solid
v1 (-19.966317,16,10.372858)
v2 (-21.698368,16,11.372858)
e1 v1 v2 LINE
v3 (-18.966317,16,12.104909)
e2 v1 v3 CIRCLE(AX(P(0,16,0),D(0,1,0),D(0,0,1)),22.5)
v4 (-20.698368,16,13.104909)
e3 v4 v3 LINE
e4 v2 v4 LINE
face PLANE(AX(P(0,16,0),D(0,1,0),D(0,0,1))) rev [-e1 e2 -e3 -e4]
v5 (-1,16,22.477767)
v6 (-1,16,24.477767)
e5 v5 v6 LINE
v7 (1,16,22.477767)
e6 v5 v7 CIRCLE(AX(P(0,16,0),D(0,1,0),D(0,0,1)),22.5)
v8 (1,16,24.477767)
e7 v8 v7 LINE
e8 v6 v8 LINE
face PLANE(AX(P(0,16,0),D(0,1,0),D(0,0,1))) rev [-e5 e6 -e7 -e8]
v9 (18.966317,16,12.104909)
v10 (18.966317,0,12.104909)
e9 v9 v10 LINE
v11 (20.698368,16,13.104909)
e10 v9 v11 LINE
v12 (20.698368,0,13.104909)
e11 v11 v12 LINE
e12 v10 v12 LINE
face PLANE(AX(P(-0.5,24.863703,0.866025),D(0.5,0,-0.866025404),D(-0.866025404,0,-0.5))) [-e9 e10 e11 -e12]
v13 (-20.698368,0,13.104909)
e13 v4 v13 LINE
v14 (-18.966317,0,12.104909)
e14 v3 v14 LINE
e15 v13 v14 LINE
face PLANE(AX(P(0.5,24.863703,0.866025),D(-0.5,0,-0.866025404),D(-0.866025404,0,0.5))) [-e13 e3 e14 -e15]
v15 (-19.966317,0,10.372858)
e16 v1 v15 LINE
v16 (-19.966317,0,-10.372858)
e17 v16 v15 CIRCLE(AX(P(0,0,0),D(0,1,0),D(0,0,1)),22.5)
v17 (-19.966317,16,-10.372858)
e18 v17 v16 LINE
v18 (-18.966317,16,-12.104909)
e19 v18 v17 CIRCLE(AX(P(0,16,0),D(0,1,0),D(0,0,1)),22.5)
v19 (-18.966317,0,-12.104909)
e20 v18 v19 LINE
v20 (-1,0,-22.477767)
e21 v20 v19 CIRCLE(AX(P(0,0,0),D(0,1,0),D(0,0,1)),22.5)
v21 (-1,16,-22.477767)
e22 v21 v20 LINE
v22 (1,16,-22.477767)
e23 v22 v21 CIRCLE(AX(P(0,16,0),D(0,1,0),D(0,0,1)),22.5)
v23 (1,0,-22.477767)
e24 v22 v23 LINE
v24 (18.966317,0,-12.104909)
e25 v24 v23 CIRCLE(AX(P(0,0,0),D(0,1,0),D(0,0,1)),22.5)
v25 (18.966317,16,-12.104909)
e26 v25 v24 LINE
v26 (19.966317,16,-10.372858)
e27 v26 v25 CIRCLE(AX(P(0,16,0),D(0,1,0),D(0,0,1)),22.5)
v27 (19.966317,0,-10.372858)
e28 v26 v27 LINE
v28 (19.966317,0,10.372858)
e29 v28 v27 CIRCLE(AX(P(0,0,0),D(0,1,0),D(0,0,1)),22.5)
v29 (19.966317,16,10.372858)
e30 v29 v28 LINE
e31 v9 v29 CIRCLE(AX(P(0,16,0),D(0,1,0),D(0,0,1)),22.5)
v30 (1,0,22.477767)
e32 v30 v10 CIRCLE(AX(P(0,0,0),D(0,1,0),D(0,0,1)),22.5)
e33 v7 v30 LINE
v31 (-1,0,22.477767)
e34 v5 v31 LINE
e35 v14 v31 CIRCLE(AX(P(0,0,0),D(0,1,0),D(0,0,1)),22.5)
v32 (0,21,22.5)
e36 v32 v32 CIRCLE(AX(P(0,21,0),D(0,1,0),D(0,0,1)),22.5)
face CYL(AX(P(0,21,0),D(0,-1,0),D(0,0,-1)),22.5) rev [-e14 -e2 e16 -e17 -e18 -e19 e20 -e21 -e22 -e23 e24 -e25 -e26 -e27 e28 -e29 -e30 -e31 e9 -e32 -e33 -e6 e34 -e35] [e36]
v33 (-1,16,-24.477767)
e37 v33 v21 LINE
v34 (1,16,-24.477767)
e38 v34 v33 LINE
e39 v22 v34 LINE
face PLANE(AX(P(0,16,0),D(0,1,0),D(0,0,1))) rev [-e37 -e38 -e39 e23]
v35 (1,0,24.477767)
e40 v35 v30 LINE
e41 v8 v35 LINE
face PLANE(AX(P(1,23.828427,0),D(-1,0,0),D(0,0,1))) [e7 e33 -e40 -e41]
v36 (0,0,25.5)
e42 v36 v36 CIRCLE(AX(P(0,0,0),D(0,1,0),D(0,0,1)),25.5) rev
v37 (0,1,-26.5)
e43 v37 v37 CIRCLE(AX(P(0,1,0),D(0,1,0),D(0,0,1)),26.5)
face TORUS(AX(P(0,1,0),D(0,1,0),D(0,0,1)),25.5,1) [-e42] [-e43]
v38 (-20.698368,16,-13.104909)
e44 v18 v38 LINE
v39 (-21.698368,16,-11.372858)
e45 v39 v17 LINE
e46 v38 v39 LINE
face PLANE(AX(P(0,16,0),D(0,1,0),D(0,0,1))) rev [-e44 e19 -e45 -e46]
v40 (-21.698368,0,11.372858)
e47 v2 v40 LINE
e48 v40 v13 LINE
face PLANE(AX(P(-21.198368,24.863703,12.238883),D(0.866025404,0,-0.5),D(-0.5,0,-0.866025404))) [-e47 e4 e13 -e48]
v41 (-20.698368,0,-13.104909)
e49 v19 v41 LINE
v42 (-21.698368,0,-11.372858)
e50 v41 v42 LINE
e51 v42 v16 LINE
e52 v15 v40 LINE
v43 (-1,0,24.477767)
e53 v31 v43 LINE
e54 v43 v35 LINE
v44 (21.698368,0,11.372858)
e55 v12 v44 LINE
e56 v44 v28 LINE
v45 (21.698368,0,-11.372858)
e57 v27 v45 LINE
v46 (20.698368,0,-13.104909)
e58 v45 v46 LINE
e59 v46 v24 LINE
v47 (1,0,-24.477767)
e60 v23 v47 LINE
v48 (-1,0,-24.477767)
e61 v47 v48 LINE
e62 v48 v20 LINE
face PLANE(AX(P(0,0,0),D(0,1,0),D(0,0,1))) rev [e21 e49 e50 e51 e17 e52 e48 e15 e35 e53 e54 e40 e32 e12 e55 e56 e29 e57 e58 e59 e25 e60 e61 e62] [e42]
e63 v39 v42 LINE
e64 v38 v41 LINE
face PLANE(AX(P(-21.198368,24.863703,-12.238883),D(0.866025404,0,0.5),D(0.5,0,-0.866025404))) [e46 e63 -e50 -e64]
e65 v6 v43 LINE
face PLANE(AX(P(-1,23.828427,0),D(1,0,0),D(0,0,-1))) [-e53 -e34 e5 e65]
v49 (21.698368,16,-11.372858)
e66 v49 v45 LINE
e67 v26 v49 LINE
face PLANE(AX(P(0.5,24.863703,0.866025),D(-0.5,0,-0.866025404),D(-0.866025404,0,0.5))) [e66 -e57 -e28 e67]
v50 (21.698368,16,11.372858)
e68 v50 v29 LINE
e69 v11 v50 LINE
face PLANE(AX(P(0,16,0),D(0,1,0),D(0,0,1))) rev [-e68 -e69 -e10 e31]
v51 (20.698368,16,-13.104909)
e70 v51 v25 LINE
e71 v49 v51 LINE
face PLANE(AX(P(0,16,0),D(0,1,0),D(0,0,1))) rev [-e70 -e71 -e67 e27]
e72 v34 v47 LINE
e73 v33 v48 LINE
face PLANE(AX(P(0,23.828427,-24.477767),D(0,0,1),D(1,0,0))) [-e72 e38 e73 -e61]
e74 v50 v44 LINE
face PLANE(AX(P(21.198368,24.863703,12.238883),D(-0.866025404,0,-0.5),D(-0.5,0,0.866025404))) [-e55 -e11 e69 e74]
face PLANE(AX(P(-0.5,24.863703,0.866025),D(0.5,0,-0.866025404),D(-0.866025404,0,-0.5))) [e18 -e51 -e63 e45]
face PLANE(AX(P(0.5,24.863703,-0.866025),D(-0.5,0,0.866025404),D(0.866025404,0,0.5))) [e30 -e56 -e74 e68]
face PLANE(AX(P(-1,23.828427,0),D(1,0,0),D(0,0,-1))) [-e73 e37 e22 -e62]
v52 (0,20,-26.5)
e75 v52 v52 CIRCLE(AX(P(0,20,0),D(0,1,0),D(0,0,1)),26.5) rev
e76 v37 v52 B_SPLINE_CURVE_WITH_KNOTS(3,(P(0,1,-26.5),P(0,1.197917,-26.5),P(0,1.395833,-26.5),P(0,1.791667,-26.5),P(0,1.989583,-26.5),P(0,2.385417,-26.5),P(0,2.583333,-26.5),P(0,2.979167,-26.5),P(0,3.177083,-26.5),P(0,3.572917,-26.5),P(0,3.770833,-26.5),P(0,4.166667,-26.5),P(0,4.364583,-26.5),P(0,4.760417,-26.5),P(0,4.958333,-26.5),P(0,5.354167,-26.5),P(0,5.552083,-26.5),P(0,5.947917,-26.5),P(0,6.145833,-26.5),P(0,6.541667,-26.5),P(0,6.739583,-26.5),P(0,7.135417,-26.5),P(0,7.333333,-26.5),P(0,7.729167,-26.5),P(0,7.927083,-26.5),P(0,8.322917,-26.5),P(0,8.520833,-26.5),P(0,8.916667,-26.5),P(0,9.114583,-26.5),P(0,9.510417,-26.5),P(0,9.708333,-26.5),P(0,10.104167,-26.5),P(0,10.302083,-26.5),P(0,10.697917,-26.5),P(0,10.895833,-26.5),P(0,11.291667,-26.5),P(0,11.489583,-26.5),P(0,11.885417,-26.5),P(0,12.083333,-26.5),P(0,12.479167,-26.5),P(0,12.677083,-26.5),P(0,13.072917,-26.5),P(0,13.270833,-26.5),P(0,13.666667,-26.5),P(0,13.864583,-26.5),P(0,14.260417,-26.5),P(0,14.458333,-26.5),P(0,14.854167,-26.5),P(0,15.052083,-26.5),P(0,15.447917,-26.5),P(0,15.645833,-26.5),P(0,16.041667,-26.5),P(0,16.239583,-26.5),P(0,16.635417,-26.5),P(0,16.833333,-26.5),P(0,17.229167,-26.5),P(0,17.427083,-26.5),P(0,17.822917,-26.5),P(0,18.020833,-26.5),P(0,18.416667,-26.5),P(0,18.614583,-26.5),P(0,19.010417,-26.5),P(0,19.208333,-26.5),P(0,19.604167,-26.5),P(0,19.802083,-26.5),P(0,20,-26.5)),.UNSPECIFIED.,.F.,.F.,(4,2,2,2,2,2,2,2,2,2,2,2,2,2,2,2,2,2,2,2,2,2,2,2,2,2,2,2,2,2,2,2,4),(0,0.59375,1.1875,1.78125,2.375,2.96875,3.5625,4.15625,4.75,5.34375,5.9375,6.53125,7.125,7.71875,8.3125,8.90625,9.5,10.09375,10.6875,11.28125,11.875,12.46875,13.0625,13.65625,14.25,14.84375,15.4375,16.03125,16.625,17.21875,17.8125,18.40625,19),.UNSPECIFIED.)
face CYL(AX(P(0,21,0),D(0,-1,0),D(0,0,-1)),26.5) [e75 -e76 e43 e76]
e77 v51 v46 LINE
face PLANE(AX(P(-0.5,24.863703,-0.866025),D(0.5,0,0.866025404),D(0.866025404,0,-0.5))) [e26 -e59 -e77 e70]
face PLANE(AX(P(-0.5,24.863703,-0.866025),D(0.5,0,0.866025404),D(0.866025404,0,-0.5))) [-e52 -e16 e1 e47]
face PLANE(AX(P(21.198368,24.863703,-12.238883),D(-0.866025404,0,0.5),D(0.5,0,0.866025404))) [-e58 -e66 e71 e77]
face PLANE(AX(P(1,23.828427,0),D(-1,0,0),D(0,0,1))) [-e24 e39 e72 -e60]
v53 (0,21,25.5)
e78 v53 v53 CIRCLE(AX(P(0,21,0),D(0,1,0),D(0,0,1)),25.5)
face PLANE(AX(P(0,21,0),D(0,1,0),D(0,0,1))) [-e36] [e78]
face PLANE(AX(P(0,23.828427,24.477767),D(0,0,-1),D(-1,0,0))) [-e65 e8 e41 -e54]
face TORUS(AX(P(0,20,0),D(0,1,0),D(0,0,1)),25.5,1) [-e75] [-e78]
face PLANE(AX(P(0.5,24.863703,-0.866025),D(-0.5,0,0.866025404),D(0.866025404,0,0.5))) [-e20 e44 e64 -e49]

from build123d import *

# Parameters (mm, degrees)
SKETCH_1_R               = 26.5
SKETCH_1_R_2             = 22.5
EXTRUDE_1_DEPTH          = 21
CUT_EXTRUDE_1_DEPTH      = 16
PATTERN_CIRCULAR_1_COUNT = 6
FILLET_1_R               = 1


with BuildPart() as part:
    # 草图1 → 凸台-拉伸1 (new body)
    with BuildSketch(Plane(origin=(0, 0, 0), x_dir=(1, 0, 0), z_dir=(0, 1, 0))):
        with Locations(Location((0, 0, 0), (0, 0, 90))):
            Circle(SKETCH_1_R)
        with Locations(Location((0, 0, 0), (0, 0, 90))):
            Circle(SKETCH_1_R_2, mode=Mode.SUBTRACT)
    extrude(amount=EXTRUDE_1_DEPTH)

    # 草图2 → 切除-拉伸1 (cut)
    with BuildSketch(Plane.XZ):
        with BuildLine():
            ThreePointArc((-1, 22.477766793), (-0.500123564, 22.494441012), (0, 22.5))
            Line((0, 22.5), (0, 24.477766793))
            Line((0, 24.477766793), (-1, 24.477766793))
            Line((-1, 24.477766793), (-1, 22.477766793))
        make_face()
        with BuildLine():
            Line((0, 24.477766793), (0, 22.5))
            ThreePointArc((0, 22.5), (0.500123564, 22.494441012), (1, 22.477766793))
            Line((1, 22.477766793), (1, 24.477766793))
            Line((1, 24.477766793), (0, 24.477766793))
        make_face()
    cut_extrude_1 = extrude(amount=-CUT_EXTRUDE_1_DEPTH, mode=Mode.SUBTRACT)

    # 阵列(圆周)1: 切除-拉伸1 ×6 about axis
    pattern_circular_1_axis = Axis((0, 0, 0), (0, 1, 0))
    for i in range(1, PATTERN_CIRCULAR_1_COUNT):
        add(cut_extrude_1.rotate(pattern_circular_1_axis, i * 360 / PATTERN_CIRCULAR_1_COUNT), mode=Mode.SUBTRACT)

    # 圆角1
    fillet_1_edges = [part.edges().sort_by_distance(p)[0] for p in [
        (0, 0, 26.5),
        (0, 21, 26.5),
    ]]
    fillet(fillet_1_edges, radius=FILLET_1_R)


solid = part.part
